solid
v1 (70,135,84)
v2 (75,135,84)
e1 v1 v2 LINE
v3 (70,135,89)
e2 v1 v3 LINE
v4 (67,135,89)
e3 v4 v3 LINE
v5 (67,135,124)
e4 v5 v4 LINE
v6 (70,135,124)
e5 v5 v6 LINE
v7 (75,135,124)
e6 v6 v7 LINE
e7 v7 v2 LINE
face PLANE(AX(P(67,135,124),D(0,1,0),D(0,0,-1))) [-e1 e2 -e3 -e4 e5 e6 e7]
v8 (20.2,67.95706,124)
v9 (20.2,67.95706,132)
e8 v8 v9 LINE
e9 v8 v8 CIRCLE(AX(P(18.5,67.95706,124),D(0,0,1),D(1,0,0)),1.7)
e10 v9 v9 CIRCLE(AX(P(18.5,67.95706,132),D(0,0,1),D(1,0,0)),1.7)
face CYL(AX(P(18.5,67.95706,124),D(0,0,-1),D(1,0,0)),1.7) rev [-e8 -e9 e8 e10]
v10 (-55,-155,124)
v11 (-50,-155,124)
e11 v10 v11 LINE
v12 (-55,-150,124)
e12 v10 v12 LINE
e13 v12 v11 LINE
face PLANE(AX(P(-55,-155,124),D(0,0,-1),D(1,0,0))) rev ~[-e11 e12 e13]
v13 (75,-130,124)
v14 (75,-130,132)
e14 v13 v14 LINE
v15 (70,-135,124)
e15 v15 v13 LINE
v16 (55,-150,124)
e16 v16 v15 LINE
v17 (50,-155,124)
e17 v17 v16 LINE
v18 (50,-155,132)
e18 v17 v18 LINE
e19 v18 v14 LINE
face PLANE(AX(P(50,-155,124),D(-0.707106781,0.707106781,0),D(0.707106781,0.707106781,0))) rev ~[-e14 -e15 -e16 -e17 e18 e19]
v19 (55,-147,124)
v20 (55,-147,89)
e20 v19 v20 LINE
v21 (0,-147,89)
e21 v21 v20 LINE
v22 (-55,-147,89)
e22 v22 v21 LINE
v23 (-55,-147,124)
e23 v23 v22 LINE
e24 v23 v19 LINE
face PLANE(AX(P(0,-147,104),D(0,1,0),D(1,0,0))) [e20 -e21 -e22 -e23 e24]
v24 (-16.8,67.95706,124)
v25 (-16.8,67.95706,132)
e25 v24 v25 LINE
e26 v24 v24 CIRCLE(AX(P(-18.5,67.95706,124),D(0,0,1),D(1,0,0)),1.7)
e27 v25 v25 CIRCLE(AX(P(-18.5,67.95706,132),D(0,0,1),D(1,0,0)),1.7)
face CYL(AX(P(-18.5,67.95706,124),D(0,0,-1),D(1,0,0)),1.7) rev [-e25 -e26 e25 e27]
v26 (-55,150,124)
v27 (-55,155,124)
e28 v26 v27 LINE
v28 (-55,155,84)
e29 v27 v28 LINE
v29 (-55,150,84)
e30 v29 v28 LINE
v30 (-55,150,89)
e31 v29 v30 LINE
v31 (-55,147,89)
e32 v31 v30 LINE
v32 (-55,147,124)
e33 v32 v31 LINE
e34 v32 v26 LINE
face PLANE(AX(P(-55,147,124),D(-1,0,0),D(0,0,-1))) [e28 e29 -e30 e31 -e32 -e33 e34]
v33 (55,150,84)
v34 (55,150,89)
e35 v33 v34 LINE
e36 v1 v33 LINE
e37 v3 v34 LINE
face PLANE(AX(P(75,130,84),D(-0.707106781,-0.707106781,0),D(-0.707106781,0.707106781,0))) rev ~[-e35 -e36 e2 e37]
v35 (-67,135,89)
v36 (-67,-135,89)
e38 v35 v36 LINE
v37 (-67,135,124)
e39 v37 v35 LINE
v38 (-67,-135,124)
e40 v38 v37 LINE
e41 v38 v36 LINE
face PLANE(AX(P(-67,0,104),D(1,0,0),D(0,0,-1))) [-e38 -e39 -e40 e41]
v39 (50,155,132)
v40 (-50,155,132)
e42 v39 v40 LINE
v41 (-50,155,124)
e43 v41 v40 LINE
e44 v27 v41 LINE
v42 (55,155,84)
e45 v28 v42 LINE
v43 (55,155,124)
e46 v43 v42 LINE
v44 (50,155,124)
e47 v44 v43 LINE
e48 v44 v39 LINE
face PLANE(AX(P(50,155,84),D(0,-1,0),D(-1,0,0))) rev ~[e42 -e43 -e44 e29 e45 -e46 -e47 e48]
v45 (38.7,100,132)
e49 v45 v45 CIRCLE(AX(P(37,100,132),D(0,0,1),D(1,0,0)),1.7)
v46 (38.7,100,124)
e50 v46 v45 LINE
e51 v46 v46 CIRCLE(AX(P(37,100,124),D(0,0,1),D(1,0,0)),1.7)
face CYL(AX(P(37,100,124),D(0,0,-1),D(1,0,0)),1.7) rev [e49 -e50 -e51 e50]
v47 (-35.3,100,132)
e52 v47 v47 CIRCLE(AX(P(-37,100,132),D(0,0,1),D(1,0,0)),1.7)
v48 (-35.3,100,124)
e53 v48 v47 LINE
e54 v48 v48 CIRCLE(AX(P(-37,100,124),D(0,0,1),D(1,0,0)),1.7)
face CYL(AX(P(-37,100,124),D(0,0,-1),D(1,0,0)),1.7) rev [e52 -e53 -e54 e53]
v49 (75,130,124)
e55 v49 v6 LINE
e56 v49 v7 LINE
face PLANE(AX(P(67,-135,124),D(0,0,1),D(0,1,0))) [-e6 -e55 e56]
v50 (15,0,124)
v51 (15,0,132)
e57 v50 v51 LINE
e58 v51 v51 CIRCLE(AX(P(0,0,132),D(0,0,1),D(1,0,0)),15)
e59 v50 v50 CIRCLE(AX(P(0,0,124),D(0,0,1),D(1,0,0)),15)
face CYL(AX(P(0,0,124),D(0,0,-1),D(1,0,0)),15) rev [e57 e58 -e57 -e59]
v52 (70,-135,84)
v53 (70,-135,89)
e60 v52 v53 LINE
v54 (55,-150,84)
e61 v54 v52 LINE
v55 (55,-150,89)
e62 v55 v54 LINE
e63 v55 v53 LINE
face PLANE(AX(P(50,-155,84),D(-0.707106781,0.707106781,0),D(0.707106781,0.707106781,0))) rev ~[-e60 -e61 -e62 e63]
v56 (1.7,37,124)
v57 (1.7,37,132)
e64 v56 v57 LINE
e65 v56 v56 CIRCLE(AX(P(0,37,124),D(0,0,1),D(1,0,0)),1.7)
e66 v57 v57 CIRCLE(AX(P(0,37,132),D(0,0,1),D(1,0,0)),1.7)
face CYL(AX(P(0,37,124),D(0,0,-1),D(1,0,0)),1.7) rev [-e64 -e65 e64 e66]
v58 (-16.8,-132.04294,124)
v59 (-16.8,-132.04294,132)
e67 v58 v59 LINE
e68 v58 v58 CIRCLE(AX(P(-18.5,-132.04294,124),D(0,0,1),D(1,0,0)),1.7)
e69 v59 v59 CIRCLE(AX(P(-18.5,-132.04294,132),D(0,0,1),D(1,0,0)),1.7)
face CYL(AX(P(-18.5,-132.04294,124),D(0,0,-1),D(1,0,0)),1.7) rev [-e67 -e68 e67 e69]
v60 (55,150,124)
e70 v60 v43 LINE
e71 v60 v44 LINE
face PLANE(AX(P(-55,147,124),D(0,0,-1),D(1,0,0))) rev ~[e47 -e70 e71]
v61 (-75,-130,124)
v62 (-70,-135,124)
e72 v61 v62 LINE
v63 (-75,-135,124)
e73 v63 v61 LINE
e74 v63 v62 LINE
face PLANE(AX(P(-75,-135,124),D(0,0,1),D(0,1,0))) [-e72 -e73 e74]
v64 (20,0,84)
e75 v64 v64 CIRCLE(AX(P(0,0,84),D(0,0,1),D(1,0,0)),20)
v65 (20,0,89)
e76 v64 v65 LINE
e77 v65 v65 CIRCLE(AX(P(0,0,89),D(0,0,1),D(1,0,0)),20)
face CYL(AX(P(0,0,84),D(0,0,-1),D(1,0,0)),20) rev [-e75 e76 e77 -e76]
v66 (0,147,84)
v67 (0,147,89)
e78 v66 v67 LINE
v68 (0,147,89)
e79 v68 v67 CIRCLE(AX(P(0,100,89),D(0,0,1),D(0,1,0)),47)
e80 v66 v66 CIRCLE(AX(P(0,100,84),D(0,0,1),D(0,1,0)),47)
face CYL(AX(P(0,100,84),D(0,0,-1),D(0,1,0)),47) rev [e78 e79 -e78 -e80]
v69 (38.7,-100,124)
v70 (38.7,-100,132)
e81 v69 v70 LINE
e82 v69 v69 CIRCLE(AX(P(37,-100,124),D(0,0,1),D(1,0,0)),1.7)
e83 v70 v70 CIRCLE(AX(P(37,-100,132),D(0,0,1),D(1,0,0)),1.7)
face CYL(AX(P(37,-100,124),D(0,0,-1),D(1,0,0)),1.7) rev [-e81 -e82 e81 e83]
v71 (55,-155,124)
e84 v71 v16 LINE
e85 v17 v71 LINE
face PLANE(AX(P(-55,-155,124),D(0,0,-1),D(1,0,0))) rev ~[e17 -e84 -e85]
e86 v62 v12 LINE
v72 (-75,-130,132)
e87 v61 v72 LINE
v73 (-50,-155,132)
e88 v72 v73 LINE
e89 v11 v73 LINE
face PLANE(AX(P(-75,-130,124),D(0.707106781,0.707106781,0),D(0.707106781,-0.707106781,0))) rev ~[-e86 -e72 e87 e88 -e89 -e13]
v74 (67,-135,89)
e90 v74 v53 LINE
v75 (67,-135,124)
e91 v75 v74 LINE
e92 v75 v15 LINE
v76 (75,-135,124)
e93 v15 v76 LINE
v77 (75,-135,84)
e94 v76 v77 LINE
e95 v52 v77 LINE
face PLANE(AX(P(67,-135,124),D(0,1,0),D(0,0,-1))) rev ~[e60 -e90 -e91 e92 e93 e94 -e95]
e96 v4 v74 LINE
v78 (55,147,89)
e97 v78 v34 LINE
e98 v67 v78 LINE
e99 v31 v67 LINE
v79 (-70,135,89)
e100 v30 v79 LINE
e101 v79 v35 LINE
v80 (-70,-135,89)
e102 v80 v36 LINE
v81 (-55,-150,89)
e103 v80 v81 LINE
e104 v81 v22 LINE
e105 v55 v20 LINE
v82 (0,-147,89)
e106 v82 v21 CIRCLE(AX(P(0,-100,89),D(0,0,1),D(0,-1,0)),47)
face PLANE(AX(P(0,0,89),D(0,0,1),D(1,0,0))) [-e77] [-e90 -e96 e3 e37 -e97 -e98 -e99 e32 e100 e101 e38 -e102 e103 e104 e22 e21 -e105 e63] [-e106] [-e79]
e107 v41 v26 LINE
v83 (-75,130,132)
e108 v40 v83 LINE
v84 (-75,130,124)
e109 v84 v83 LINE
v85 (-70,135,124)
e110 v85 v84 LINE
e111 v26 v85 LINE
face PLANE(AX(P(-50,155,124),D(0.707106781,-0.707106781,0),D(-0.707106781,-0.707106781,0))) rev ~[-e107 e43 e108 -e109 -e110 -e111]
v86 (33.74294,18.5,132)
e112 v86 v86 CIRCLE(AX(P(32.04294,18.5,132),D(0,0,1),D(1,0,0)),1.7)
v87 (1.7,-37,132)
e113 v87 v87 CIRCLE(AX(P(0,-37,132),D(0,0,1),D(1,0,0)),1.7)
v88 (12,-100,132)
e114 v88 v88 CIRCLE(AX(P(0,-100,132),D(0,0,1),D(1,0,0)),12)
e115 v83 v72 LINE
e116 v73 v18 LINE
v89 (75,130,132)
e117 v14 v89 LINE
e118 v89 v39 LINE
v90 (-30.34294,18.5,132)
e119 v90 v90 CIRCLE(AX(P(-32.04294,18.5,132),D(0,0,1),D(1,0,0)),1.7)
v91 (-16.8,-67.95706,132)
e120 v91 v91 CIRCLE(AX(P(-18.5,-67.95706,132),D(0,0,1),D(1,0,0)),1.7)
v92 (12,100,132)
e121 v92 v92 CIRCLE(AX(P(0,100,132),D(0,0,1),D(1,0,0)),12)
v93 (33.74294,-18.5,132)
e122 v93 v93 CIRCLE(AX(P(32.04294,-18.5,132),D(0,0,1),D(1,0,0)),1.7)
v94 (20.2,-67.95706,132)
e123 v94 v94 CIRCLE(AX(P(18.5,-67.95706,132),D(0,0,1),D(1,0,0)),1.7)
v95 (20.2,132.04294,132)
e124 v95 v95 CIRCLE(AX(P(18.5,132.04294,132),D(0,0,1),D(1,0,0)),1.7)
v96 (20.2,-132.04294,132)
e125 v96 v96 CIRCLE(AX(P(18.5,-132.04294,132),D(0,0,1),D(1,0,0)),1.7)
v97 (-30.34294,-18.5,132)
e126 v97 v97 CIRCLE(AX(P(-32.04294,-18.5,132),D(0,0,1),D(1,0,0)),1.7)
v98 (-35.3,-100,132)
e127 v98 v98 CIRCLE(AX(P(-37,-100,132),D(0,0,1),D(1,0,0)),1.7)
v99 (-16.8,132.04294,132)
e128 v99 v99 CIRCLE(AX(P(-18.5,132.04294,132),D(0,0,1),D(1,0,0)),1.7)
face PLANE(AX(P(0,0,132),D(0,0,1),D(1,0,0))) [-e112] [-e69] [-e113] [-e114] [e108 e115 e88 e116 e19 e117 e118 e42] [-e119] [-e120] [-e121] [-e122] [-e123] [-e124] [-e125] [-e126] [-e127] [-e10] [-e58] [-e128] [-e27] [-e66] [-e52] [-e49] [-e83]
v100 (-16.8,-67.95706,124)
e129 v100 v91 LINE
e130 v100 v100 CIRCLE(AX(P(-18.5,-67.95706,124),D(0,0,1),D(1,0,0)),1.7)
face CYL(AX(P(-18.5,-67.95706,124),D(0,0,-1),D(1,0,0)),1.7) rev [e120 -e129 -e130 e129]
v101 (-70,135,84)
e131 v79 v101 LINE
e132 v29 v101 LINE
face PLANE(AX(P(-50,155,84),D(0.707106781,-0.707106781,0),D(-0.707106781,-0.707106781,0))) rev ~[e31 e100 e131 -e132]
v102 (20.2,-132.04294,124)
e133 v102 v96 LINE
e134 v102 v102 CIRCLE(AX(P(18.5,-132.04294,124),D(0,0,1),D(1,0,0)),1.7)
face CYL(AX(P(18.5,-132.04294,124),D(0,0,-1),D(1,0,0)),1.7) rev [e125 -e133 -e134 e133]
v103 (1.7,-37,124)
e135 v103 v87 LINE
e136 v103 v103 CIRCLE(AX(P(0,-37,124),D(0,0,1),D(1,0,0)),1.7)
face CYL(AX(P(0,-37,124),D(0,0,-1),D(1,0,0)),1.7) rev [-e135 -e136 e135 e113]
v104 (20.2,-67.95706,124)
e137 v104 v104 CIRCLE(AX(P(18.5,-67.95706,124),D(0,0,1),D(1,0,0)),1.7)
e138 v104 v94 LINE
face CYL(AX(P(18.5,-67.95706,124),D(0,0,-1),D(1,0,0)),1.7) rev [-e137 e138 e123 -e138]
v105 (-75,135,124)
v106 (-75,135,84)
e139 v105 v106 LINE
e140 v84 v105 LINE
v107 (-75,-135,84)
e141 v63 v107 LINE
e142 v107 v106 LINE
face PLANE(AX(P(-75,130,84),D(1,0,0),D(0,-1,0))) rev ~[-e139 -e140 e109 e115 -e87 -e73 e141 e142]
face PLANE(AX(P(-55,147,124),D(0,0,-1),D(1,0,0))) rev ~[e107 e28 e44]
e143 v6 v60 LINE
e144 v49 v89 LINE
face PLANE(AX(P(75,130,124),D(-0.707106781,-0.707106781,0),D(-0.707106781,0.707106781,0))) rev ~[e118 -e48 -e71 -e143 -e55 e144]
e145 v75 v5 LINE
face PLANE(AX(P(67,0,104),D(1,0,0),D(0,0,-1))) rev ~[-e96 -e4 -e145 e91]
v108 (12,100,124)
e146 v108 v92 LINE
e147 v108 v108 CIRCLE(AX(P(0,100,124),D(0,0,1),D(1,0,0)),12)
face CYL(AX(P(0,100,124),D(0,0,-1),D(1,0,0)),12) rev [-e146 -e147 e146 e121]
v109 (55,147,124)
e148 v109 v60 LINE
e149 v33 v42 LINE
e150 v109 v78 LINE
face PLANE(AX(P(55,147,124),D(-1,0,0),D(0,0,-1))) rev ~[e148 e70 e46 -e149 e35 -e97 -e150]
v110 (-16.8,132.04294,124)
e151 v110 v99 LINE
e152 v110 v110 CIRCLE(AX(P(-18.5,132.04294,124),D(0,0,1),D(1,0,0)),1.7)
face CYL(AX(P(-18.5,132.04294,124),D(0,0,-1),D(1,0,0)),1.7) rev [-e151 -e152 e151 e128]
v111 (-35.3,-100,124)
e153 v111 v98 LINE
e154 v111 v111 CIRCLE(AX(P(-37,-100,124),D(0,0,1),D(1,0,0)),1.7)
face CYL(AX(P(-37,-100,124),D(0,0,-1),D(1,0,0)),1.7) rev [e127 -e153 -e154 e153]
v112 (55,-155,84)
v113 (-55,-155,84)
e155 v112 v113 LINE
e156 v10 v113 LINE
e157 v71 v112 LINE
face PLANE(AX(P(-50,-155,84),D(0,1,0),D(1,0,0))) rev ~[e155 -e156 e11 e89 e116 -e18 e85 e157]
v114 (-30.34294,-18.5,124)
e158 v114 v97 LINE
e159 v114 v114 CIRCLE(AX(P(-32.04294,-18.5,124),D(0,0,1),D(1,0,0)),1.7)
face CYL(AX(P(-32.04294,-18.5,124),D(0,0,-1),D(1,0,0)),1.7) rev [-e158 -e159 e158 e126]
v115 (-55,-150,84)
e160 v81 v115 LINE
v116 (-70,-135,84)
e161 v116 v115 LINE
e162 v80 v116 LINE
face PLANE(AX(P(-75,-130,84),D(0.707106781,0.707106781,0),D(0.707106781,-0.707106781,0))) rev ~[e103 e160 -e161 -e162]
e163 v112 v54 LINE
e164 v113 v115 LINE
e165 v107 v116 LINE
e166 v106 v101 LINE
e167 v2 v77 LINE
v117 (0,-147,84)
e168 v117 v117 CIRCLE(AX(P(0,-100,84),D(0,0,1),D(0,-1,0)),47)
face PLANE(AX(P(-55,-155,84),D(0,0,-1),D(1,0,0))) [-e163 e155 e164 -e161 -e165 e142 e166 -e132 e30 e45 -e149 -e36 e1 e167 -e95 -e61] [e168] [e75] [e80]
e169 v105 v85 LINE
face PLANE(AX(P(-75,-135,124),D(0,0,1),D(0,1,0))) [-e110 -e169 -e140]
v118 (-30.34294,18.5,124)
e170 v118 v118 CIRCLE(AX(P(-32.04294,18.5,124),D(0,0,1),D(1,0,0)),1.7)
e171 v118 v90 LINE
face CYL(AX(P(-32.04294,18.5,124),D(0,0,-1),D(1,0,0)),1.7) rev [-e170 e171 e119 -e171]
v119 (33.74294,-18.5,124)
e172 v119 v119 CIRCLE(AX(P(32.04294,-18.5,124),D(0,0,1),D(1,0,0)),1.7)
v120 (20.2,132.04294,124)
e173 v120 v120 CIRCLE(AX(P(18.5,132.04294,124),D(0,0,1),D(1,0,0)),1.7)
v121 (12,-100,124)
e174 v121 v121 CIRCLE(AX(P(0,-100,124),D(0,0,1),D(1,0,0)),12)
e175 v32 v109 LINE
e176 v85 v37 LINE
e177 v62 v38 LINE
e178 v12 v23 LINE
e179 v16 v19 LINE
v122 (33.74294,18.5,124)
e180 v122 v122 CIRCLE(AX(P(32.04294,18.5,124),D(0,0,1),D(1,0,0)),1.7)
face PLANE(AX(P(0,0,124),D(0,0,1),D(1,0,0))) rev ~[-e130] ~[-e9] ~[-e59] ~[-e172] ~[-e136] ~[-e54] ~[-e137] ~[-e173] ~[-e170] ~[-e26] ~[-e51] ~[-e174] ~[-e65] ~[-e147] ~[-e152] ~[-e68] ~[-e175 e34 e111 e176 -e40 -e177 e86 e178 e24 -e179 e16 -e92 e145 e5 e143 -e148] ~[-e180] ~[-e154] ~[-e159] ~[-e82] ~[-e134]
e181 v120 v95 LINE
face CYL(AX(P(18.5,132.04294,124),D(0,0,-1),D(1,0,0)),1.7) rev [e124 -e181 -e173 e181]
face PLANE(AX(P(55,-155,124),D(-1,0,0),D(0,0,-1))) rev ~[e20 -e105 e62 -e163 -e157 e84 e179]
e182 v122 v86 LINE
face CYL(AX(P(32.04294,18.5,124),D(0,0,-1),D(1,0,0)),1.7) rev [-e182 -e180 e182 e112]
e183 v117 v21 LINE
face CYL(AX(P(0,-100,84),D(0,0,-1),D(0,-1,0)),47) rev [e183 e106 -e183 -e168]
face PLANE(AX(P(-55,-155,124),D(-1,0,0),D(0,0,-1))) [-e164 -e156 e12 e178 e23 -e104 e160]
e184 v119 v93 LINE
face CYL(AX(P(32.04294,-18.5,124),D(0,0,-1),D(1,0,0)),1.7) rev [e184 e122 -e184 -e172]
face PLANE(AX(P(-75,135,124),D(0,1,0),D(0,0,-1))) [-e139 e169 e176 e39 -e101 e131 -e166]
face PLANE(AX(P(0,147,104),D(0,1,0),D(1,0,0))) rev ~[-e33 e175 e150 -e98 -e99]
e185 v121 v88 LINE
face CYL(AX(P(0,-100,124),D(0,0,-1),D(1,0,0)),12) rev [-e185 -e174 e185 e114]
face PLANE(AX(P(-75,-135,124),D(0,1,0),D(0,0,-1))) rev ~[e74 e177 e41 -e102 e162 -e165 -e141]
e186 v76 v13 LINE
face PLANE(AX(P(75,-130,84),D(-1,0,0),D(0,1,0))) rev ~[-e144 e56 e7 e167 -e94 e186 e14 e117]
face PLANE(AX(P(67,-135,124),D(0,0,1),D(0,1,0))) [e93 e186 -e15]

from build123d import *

# Parameters (mm, degrees)
SK_TOP_PLATE_R      = 1.7
SK_TOP_PLATE_R_2    = 12
SK_TOP_PLATE_R_3    = 15
TOP_PLATE_DEPTH     = 8
SK_FRONT_WALL_W     = 40
SK_FRONT_WALL_H     = 270
FRONT_WALL_DEPTH    = 8
SK_BACK_WALL_W      = 40
SK_BACK_WALL_H      = 270
BACK_WALL_DEPTH     = 8
SK_LEFT_WALL_W      = 110
SK_LEFT_WALL_H      = 40
LEFT_WALL_DEPTH     = 8
SK_RIGHT_WALL_W     = 110
SK_RIGHT_WALL_H     = 40
RIGHT_WALL_DEPTH    = 8
SK_BOTTOM_PLATE_R   = 47
SK_BOTTOM_PLATE_R_2 = 20
BOTTOM_PLATE_DEPTH  = 5


with BuildPart() as part:
    # SK_Top_Plate → Top_Plate (new body)
    with BuildSketch(Plane.XY.offset(124)):
        Polygon((-50, -155), (50, -155), (75, -130), (75, 130), (50, 155), (-50, 155), (-75, 130), (-75, -130), align=None)
        with Locations((37, 100)):
            Circle(SK_TOP_PLATE_R, mode=Mode.SUBTRACT)
        with Locations((18.5, 132.04293994)):
            Circle(SK_TOP_PLATE_R, mode=Mode.SUBTRACT)
        with Locations((-18.5, 132.04293994)):
            Circle(SK_TOP_PLATE_R, mode=Mode.SUBTRACT)
        with Locations((-37, 100)):
            Circle(SK_TOP_PLATE_R, mode=Mode.SUBTRACT)
        with Locations((-18.5, 67.95706006)):
            Circle(SK_TOP_PLATE_R, mode=Mode.SUBTRACT)
        with Locations((18.5, 67.95706006)):
            Circle(SK_TOP_PLATE_R, mode=Mode.SUBTRACT)
        with Locations((0, 100)):
            Circle(SK_TOP_PLATE_R_2, mode=Mode.SUBTRACT)
        with Locations((37, -100)):
            Circle(SK_TOP_PLATE_R, mode=Mode.SUBTRACT)
        with Locations((18.5, -67.95706006)):
            Circle(SK_TOP_PLATE_R, mode=Mode.SUBTRACT)
        with Locations((-18.5, -67.95706006)):
            Circle(SK_TOP_PLATE_R, mode=Mode.SUBTRACT)
        with Locations((-37, -100)):
            Circle(SK_TOP_PLATE_R, mode=Mode.SUBTRACT)
        with Locations((-18.5, -132.04293994)):
            Circle(SK_TOP_PLATE_R, mode=Mode.SUBTRACT)
        with Locations((18.5, -132.04293994)):
            Circle(SK_TOP_PLATE_R, mode=Mode.SUBTRACT)
        with Locations((0, -100)):
            Circle(SK_TOP_PLATE_R_2, mode=Mode.SUBTRACT)
        with Locations((32.04293994, 18.5)):
            Circle(SK_TOP_PLATE_R, mode=Mode.SUBTRACT)
        with Locations((0, 37)):
            Circle(SK_TOP_PLATE_R, mode=Mode.SUBTRACT)
        with Locations((-32.04293994, 18.5)):
            Circle(SK_TOP_PLATE_R, mode=Mode.SUBTRACT)
        with Locations((-32.04293994, -18.5)):
            Circle(SK_TOP_PLATE_R, mode=Mode.SUBTRACT)
        with Locations((0, -37)):
            Circle(SK_TOP_PLATE_R, mode=Mode.SUBTRACT)
        with Locations((32.04293994, -18.5)):
            Circle(SK_TOP_PLATE_R, mode=Mode.SUBTRACT)
        Circle(SK_TOP_PLATE_R_3, mode=Mode.SUBTRACT)
    extrude(amount=TOP_PLATE_DEPTH)

    # SK_Front_Wall → Front_Wall (add)
    with BuildSketch(Plane(origin=(67, 0, 0), x_dir=(0, 0, -1), z_dir=(1, 0, 0))):
        with Locations((-104, 0)):
            Rectangle(SK_FRONT_WALL_W, SK_FRONT_WALL_H)
    extrude(amount=FRONT_WALL_DEPTH)

    # SK_Back_Wall → Back_Wall (add)
    with BuildSketch(Plane(origin=(-75, 0, 0), x_dir=(0, 0, -1), z_dir=(1, 0, 0))):
        with Locations((-104, 0)):
            Rectangle(SK_BACK_WALL_W, SK_BACK_WALL_H)
    extrude(amount=BACK_WALL_DEPTH)

    # SK_Left_Wall → Left_Wall (add)
    with BuildSketch(Plane(origin=(0, 147, 0), x_dir=(1, 0, 0), z_dir=(0, 1, 0))):
        with Locations((0, -104)):
            Rectangle(SK_LEFT_WALL_W, SK_LEFT_WALL_H)
    extrude(amount=LEFT_WALL_DEPTH)

    # SK_Right_Wall → Right_Wall (add)
    with BuildSketch(Plane(origin=(0, -155, 0), x_dir=(1, 0, 0), z_dir=(0, 1, 0))):
        with Locations((0, -104)):
            Rectangle(SK_RIGHT_WALL_W, SK_RIGHT_WALL_H)
    extrude(amount=RIGHT_WALL_DEPTH)

    # SK_Bottom_Plate → Bottom_Plate (add)
    with BuildSketch(Plane.XY.offset(84)):
        Polygon((-50, -155), (50, -155), (75, -130), (75, 130), (50, 155), (-50, 155), (-75, 130), (-75, -130), align=None)
        with Locations(Location((0, 100, 0), (0, 0, 90))):
            Circle(SK_BOTTOM_PLATE_R, mode=Mode.SUBTRACT)
        with Locations(Location((0, -100, 0), (0, 0, 270))):
            Circle(SK_BOTTOM_PLATE_R, mode=Mode.SUBTRACT)
        Circle(SK_BOTTOM_PLATE_R_2, mode=Mode.SUBTRACT)
    extrude(amount=BOTTOM_PLATE_DEPTH)


solid = part.part
